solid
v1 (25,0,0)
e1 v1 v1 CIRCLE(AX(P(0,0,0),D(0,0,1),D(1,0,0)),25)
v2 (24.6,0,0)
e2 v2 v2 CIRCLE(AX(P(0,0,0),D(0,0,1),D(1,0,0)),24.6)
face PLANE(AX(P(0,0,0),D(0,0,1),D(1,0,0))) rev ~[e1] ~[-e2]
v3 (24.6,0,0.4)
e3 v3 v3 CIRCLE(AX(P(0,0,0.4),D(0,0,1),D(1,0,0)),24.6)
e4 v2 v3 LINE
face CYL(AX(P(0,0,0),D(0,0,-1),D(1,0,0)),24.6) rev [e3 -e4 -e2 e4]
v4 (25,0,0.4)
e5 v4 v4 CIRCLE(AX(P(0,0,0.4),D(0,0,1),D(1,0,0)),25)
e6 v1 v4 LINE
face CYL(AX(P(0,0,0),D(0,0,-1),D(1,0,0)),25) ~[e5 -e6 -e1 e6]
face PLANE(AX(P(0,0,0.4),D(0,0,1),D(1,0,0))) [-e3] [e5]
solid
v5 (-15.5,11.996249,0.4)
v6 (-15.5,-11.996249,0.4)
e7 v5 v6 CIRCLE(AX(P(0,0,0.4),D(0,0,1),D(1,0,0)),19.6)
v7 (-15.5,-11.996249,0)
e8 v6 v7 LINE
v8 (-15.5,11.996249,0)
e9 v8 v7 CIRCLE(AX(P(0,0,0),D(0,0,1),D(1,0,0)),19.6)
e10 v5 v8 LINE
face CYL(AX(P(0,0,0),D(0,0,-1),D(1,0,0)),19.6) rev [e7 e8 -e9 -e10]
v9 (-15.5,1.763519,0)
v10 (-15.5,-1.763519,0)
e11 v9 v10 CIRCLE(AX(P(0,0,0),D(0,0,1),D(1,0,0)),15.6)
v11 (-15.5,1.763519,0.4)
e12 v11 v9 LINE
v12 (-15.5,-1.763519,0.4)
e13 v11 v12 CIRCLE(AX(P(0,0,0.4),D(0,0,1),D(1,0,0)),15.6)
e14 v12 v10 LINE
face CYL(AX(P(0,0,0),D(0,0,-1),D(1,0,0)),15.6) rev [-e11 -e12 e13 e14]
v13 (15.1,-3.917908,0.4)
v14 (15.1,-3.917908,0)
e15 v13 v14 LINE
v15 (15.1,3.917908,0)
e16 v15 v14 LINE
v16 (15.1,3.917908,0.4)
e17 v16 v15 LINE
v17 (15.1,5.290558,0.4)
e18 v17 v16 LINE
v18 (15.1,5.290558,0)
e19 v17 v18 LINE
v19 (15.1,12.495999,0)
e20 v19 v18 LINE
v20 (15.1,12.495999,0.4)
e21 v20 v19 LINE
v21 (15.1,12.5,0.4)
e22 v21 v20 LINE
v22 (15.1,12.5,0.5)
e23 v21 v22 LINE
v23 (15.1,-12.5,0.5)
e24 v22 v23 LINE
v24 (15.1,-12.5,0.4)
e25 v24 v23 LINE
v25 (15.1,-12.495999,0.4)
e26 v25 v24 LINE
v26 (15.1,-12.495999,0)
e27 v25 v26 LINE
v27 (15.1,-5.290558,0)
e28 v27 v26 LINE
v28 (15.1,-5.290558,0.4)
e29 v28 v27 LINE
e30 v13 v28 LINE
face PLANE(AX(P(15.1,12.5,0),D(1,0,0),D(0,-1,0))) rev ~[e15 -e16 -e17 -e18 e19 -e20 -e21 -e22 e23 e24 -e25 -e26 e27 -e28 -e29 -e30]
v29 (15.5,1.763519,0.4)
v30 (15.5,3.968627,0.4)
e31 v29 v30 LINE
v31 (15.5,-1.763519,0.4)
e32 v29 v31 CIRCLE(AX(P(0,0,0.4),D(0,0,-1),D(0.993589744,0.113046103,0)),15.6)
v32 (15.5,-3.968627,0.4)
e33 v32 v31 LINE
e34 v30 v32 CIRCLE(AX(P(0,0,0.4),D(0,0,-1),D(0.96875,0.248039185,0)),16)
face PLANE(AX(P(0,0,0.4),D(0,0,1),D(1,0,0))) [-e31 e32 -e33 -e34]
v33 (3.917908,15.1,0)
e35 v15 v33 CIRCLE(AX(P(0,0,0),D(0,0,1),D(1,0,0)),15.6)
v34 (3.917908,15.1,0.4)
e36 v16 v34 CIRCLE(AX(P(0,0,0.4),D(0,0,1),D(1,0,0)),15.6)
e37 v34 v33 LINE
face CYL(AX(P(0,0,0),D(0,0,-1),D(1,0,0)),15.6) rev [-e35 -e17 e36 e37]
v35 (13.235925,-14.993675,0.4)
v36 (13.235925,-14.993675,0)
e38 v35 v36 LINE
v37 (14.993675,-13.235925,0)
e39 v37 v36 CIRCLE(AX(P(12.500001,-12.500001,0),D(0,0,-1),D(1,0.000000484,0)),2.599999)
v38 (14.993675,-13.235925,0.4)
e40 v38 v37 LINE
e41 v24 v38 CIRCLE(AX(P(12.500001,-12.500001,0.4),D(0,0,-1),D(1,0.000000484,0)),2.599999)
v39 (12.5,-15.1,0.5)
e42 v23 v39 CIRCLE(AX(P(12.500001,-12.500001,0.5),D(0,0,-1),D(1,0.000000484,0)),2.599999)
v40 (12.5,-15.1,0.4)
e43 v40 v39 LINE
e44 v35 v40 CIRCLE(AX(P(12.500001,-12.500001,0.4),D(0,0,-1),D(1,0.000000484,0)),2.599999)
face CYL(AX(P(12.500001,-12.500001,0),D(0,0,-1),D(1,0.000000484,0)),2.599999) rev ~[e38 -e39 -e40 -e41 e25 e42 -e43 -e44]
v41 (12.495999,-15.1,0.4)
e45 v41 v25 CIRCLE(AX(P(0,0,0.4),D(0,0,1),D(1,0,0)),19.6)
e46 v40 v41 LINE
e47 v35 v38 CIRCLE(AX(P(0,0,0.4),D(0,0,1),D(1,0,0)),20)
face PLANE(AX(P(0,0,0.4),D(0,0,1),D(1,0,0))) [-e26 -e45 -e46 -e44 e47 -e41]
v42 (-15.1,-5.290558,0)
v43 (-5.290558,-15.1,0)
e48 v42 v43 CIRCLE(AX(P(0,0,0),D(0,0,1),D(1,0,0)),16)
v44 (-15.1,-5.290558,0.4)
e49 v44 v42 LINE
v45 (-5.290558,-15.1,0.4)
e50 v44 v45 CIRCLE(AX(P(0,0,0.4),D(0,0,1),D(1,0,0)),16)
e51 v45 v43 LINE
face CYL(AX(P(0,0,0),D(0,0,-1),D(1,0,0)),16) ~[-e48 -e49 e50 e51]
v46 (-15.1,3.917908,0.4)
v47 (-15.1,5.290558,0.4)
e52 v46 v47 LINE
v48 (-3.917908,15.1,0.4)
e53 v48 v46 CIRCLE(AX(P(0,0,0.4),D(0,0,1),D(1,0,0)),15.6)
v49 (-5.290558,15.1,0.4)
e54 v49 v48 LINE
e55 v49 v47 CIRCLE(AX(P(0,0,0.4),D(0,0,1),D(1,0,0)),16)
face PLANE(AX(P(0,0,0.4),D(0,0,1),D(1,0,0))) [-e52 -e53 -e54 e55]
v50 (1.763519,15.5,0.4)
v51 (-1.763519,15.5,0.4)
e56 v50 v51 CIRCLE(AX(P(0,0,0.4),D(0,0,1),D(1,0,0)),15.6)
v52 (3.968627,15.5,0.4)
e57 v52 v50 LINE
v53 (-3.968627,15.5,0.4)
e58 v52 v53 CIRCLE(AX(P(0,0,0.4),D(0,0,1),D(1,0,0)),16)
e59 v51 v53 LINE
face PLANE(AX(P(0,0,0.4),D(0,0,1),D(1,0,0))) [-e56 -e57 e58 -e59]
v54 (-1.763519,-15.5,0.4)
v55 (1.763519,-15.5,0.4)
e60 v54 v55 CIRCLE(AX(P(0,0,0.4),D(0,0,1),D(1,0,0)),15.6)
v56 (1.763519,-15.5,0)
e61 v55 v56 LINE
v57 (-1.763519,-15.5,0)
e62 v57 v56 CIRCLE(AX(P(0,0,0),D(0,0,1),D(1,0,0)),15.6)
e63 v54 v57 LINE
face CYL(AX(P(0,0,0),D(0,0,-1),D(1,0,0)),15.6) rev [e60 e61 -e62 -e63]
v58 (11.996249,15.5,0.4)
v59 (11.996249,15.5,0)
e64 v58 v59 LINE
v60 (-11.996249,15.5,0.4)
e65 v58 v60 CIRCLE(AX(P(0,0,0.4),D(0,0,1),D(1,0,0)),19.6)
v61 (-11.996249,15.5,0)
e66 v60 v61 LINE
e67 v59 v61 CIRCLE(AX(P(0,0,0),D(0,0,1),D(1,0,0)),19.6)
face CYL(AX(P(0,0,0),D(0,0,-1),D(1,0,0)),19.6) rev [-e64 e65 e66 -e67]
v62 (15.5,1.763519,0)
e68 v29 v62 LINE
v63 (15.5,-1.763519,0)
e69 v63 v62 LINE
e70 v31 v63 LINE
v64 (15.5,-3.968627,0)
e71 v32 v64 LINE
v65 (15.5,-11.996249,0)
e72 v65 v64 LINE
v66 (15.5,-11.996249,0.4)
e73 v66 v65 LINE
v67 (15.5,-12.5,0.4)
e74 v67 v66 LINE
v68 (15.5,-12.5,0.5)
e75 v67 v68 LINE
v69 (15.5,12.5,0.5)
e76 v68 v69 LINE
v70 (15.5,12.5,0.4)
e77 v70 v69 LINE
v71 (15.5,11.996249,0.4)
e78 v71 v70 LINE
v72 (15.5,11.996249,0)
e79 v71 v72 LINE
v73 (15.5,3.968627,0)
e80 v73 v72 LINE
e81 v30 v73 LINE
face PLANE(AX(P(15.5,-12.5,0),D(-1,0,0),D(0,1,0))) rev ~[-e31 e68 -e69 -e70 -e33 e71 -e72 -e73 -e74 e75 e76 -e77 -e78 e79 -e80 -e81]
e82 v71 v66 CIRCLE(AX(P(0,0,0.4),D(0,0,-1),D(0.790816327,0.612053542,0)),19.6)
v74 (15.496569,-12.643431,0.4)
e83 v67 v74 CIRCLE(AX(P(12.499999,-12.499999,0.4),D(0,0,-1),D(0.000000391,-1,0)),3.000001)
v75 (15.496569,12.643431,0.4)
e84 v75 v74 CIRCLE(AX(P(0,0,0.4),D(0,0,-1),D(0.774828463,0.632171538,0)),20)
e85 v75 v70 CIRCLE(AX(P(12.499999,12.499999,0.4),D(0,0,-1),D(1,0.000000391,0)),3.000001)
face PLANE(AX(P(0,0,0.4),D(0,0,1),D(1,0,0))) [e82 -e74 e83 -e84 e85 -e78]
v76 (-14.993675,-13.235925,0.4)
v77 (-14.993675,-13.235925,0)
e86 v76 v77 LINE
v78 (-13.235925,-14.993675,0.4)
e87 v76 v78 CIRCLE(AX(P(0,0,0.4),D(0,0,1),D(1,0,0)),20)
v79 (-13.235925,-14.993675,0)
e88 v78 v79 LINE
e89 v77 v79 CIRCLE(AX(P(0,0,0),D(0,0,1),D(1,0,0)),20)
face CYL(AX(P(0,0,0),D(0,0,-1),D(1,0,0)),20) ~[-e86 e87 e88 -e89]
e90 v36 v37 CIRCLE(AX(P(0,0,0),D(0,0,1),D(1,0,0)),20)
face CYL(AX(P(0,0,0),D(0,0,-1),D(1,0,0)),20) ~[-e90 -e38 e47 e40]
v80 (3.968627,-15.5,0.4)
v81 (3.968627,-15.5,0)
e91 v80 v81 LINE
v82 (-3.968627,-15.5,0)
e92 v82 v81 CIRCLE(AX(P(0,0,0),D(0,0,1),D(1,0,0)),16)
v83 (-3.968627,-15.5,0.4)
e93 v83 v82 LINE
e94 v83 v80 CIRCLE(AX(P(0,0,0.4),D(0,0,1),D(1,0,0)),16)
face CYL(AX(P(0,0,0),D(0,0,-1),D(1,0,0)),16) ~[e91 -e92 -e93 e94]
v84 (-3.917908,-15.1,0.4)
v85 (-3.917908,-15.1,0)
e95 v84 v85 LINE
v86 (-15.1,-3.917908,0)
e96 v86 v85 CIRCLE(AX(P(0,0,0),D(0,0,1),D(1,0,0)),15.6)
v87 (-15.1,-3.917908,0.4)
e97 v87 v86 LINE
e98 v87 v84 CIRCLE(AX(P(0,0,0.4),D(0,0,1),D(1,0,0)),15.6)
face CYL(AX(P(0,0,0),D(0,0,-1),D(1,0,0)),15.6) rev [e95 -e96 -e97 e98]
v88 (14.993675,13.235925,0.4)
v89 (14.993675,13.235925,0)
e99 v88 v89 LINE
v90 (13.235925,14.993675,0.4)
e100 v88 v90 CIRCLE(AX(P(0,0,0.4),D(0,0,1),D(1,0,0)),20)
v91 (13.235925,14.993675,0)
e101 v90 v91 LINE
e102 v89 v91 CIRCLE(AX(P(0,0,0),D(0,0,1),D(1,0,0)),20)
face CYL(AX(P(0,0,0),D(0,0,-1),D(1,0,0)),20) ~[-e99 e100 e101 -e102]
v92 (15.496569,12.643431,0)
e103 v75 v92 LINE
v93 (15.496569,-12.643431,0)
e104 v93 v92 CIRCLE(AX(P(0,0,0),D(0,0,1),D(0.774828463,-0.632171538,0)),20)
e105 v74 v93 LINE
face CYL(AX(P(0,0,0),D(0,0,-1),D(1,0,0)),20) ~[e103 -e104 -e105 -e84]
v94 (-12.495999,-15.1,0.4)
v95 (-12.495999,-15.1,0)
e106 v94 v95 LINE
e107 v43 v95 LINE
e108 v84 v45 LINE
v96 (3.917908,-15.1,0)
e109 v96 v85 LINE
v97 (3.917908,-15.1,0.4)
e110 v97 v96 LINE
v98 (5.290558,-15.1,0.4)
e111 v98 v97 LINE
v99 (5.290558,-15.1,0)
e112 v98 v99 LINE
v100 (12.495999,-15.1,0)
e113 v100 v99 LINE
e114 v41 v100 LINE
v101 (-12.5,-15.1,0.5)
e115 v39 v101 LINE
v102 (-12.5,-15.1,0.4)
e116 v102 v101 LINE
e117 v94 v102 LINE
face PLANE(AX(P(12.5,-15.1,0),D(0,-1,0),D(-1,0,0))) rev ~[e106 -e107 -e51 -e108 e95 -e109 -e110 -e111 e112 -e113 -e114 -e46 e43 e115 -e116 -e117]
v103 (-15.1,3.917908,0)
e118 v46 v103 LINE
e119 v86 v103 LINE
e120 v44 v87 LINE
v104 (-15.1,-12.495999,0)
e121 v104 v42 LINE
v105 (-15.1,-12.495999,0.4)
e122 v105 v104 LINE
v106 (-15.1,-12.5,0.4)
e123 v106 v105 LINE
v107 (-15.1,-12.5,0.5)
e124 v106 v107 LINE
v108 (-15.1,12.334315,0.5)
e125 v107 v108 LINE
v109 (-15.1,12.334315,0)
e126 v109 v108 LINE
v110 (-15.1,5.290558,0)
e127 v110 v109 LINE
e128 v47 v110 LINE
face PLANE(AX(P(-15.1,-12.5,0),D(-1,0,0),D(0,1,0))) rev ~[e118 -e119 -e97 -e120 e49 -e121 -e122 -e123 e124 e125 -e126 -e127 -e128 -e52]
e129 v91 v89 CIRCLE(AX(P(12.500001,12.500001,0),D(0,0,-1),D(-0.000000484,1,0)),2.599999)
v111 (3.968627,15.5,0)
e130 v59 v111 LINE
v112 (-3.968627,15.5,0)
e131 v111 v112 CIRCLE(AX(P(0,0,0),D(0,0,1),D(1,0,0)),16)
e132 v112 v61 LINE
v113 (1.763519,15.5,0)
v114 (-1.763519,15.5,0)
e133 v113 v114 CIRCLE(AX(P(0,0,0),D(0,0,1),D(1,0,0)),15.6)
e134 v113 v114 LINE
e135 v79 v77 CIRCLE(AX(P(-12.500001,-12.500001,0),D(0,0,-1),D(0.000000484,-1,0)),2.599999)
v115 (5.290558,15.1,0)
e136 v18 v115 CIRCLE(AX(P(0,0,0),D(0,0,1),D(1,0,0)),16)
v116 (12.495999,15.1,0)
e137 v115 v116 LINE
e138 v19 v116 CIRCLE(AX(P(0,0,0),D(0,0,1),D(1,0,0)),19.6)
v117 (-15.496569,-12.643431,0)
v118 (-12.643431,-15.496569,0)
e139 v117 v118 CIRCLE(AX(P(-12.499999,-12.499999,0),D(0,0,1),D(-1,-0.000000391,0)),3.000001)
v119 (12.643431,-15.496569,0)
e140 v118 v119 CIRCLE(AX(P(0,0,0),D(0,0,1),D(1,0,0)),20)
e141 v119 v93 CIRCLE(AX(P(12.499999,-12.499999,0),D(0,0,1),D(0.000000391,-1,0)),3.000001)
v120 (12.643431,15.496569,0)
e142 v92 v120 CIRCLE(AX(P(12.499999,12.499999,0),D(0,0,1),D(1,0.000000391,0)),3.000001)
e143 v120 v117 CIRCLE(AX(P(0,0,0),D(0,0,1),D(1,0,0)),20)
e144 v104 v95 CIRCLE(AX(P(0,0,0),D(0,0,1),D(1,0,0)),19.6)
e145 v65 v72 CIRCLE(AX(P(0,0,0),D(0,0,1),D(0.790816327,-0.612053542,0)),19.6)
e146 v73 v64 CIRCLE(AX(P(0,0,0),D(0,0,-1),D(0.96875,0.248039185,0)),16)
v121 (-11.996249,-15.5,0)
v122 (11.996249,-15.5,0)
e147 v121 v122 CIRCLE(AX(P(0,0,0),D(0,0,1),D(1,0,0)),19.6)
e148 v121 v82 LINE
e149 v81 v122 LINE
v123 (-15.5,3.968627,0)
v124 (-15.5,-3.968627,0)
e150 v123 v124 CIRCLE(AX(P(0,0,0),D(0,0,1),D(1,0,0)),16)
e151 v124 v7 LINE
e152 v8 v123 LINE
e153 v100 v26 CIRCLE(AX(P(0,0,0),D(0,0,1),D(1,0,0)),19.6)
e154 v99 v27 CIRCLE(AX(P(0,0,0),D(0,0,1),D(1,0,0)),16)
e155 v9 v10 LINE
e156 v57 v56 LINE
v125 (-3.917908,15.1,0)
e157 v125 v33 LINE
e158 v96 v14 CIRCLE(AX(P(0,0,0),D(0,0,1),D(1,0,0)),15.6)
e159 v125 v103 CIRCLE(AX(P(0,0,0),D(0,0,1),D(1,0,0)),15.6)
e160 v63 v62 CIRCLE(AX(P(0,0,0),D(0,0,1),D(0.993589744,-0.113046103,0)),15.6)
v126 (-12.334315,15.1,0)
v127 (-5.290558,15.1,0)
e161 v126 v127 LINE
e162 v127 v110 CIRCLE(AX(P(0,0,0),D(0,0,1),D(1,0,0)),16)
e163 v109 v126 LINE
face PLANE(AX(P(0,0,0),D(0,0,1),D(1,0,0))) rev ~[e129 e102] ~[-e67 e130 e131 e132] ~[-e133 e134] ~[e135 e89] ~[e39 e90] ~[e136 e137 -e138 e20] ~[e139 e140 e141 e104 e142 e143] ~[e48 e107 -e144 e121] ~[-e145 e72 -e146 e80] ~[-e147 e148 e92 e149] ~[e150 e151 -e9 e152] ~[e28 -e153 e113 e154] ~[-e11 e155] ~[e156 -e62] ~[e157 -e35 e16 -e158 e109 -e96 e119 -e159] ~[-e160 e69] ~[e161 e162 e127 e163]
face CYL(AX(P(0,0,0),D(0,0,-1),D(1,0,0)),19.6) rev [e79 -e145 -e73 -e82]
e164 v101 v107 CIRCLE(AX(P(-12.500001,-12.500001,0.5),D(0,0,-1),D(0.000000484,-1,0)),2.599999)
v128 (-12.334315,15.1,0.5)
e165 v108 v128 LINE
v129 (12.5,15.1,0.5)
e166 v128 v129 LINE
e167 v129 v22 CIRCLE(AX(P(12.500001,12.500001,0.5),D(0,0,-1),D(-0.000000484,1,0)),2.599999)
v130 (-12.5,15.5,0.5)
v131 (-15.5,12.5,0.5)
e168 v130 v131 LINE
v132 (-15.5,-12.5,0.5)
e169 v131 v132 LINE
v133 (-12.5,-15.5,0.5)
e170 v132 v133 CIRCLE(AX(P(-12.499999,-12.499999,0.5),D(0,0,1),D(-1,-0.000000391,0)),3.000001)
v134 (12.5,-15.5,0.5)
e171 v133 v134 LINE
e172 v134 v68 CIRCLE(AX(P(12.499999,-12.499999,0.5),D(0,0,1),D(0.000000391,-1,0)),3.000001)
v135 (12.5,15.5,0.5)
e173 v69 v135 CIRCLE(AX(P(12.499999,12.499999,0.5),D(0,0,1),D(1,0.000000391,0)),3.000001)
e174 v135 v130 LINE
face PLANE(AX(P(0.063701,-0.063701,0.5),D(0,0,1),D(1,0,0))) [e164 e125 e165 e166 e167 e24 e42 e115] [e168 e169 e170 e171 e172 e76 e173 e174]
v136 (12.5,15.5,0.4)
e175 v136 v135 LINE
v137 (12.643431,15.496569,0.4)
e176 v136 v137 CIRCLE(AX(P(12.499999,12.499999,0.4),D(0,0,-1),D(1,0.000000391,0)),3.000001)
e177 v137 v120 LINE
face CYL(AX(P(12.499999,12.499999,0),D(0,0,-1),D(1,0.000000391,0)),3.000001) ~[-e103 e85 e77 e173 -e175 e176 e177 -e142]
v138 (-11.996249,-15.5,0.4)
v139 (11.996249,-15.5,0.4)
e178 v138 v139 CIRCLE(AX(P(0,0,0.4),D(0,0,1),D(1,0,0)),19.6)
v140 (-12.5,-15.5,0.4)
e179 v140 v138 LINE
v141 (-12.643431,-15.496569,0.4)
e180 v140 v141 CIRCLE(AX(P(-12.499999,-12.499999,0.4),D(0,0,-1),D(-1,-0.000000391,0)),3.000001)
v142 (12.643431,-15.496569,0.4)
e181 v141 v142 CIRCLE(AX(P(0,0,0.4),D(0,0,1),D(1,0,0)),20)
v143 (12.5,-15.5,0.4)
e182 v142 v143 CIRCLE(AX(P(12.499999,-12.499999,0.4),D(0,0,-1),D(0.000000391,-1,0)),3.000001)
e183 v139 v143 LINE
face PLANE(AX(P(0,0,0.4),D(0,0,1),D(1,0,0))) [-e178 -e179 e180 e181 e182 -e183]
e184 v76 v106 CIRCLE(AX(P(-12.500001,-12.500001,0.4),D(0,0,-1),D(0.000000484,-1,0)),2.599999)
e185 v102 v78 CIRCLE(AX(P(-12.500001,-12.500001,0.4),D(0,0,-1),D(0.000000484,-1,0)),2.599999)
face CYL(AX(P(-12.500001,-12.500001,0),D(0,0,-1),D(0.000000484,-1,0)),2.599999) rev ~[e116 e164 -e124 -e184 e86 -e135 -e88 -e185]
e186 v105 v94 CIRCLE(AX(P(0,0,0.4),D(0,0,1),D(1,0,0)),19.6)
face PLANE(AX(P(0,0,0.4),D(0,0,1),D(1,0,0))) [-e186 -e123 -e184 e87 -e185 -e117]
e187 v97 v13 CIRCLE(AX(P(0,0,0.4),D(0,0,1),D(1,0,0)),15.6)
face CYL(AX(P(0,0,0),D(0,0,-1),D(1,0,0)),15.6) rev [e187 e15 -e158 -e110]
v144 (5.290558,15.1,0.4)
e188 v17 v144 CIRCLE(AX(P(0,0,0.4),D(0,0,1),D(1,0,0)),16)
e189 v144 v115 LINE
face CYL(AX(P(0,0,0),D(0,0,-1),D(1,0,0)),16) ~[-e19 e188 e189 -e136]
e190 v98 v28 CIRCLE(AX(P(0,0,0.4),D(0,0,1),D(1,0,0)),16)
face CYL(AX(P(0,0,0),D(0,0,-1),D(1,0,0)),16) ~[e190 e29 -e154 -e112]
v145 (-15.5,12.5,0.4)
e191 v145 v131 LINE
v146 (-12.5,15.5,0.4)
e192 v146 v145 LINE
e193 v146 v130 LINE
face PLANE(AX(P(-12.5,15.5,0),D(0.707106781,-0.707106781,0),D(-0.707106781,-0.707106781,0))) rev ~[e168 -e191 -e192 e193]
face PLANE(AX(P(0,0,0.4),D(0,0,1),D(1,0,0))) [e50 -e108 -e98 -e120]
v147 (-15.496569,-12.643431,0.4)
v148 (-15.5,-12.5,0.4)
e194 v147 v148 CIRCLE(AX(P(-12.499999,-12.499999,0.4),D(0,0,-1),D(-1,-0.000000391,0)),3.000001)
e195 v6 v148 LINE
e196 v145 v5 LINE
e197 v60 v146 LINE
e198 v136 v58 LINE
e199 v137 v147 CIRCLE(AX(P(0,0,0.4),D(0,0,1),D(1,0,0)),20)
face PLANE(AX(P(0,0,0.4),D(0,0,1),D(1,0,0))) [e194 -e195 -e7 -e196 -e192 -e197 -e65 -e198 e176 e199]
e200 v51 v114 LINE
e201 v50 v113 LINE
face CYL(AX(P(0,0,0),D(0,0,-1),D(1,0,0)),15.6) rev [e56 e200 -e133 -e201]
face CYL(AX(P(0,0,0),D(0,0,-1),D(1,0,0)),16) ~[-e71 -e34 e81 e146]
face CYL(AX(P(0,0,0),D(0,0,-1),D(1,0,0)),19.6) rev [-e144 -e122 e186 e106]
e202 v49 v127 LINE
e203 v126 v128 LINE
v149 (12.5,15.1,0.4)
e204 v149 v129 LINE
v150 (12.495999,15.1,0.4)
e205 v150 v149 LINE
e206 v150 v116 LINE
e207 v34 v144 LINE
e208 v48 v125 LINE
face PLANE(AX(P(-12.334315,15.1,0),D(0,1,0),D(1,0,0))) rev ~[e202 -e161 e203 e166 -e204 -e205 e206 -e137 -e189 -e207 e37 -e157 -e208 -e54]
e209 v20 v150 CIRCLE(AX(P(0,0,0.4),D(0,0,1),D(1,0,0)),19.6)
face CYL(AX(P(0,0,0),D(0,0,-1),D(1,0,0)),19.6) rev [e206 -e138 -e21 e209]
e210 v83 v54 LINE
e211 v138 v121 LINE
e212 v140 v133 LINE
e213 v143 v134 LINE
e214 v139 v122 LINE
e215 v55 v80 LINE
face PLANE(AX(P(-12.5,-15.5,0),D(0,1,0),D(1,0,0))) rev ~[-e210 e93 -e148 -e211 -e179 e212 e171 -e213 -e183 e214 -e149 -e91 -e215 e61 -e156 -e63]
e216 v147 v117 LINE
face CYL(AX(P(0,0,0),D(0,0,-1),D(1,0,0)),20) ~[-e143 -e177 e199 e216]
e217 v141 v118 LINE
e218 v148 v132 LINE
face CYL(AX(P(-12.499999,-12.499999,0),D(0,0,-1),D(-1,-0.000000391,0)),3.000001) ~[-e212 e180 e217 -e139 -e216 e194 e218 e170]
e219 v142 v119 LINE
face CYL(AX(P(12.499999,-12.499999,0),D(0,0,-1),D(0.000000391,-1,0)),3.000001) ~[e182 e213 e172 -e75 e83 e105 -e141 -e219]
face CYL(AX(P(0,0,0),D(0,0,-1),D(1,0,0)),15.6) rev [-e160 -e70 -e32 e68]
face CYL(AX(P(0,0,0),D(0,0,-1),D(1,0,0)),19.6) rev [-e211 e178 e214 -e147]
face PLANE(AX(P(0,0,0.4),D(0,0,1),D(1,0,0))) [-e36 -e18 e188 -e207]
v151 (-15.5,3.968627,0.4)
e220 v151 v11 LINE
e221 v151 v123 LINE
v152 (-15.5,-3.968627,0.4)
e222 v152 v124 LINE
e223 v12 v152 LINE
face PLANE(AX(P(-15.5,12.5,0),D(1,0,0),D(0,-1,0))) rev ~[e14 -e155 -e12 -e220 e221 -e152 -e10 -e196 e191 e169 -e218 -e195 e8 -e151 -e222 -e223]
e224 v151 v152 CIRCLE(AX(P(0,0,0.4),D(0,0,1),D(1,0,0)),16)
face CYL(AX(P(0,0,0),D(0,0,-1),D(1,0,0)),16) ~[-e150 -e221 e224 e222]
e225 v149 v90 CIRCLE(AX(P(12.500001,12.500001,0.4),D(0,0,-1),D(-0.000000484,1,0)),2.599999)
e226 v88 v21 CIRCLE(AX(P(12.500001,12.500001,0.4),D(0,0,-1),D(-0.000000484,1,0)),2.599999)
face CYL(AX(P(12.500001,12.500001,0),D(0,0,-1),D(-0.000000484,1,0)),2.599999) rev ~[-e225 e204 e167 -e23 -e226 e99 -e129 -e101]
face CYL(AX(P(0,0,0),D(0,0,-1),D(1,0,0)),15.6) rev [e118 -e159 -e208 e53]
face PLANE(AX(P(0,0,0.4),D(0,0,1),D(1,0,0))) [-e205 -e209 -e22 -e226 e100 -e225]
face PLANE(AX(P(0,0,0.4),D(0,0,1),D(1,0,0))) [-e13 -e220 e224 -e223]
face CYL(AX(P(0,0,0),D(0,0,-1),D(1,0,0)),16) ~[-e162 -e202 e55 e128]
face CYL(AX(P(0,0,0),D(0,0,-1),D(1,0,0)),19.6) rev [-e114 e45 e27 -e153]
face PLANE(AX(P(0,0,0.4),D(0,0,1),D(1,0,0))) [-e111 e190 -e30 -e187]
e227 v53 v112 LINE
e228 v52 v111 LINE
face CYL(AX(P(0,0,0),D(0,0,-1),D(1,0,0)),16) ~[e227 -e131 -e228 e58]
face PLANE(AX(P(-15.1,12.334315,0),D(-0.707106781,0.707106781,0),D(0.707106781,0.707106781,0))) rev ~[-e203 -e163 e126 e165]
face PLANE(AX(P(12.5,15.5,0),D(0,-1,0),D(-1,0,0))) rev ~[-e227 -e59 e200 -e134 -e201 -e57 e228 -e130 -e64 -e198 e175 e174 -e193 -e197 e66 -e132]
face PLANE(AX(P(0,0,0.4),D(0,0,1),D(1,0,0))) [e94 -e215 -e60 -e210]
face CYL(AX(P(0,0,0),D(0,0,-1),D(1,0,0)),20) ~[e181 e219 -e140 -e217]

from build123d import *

# Parameters (mm, degrees)
F1_DEPTH = 0.5
F2_R     = 20
F2_R_2   = 19.6
F2_R_3   = 16
F2_R_4   = 15.6
F3_DEPTH = 0.4
F4_R     = 25
F4_R_2   = 24.6
F5_DEPTH = 0.4


with BuildPart() as f1:
    # F0 (on Top) → F1 (new body)
    with BuildSketch(Plane.XY):
        with BuildLine():
            ThreePointArc((15.5, 12.5), (14.62132, 14.62132), (12.5, 15.5))
            Line((12.5, 15.5), (-12.5, 15.5))
            Line((-12.5, 15.5), (-15.5, 12.5))
            Line((-15.5, 12.5), (-15.5, -12.5))
            ThreePointArc((-15.5, -12.5), (-14.62132, -14.62132), (-12.5, -15.5))
            Line((-12.5, -15.5), (12.5, -15.5))
            ThreePointArc((12.5, -15.5), (14.62132, -14.62132), (15.5, -12.5))
            Line((15.5, -12.5), (15.5, 12.5))
        make_face()
        with BuildLine():
            ThreePointArc((15.1, -12.5), (14.338478, -14.338478), (12.5, -15.1))
            Line((12.5, -15.1), (-12.5, -15.1))
            ThreePointArc((-12.5, -15.1), (-14.338478, -14.338478), (-15.1, -12.5))
            Line((-15.1, -12.5), (-15.1, 12.334315))
            Line((-15.1, 12.334315), (-12.334315, 15.1))
            Line((-12.334315, 15.1), (12.5, 15.1))
            ThreePointArc((12.5, 15.1), (14.338478, 14.338478), (15.1, 12.5))
            Line((15.1, 12.5), (15.1, -12.5))
        make_face(mode=Mode.SUBTRACT)
    extrude(amount=F1_DEPTH)

    # F2 (on Top) → F3 (join)
    with BuildSketch(Plane.XY):
        Circle(F2_R)
        Circle(F2_R_2, mode=Mode.SUBTRACT)
        Circle(F2_R_3)
        Circle(F2_R_4, mode=Mode.SUBTRACT)
    extrude(amount=F3_DEPTH)


with BuildPart() as f5:
    # F4 (on Top) → F5 (new body)
    with BuildSketch(Plane.XY):
        Circle(F4_R)
        Circle(F4_R_2, mode=Mode.SUBTRACT)
    extrude(amount=F5_DEPTH)


solid = Compound([f1.part, f5.part])
